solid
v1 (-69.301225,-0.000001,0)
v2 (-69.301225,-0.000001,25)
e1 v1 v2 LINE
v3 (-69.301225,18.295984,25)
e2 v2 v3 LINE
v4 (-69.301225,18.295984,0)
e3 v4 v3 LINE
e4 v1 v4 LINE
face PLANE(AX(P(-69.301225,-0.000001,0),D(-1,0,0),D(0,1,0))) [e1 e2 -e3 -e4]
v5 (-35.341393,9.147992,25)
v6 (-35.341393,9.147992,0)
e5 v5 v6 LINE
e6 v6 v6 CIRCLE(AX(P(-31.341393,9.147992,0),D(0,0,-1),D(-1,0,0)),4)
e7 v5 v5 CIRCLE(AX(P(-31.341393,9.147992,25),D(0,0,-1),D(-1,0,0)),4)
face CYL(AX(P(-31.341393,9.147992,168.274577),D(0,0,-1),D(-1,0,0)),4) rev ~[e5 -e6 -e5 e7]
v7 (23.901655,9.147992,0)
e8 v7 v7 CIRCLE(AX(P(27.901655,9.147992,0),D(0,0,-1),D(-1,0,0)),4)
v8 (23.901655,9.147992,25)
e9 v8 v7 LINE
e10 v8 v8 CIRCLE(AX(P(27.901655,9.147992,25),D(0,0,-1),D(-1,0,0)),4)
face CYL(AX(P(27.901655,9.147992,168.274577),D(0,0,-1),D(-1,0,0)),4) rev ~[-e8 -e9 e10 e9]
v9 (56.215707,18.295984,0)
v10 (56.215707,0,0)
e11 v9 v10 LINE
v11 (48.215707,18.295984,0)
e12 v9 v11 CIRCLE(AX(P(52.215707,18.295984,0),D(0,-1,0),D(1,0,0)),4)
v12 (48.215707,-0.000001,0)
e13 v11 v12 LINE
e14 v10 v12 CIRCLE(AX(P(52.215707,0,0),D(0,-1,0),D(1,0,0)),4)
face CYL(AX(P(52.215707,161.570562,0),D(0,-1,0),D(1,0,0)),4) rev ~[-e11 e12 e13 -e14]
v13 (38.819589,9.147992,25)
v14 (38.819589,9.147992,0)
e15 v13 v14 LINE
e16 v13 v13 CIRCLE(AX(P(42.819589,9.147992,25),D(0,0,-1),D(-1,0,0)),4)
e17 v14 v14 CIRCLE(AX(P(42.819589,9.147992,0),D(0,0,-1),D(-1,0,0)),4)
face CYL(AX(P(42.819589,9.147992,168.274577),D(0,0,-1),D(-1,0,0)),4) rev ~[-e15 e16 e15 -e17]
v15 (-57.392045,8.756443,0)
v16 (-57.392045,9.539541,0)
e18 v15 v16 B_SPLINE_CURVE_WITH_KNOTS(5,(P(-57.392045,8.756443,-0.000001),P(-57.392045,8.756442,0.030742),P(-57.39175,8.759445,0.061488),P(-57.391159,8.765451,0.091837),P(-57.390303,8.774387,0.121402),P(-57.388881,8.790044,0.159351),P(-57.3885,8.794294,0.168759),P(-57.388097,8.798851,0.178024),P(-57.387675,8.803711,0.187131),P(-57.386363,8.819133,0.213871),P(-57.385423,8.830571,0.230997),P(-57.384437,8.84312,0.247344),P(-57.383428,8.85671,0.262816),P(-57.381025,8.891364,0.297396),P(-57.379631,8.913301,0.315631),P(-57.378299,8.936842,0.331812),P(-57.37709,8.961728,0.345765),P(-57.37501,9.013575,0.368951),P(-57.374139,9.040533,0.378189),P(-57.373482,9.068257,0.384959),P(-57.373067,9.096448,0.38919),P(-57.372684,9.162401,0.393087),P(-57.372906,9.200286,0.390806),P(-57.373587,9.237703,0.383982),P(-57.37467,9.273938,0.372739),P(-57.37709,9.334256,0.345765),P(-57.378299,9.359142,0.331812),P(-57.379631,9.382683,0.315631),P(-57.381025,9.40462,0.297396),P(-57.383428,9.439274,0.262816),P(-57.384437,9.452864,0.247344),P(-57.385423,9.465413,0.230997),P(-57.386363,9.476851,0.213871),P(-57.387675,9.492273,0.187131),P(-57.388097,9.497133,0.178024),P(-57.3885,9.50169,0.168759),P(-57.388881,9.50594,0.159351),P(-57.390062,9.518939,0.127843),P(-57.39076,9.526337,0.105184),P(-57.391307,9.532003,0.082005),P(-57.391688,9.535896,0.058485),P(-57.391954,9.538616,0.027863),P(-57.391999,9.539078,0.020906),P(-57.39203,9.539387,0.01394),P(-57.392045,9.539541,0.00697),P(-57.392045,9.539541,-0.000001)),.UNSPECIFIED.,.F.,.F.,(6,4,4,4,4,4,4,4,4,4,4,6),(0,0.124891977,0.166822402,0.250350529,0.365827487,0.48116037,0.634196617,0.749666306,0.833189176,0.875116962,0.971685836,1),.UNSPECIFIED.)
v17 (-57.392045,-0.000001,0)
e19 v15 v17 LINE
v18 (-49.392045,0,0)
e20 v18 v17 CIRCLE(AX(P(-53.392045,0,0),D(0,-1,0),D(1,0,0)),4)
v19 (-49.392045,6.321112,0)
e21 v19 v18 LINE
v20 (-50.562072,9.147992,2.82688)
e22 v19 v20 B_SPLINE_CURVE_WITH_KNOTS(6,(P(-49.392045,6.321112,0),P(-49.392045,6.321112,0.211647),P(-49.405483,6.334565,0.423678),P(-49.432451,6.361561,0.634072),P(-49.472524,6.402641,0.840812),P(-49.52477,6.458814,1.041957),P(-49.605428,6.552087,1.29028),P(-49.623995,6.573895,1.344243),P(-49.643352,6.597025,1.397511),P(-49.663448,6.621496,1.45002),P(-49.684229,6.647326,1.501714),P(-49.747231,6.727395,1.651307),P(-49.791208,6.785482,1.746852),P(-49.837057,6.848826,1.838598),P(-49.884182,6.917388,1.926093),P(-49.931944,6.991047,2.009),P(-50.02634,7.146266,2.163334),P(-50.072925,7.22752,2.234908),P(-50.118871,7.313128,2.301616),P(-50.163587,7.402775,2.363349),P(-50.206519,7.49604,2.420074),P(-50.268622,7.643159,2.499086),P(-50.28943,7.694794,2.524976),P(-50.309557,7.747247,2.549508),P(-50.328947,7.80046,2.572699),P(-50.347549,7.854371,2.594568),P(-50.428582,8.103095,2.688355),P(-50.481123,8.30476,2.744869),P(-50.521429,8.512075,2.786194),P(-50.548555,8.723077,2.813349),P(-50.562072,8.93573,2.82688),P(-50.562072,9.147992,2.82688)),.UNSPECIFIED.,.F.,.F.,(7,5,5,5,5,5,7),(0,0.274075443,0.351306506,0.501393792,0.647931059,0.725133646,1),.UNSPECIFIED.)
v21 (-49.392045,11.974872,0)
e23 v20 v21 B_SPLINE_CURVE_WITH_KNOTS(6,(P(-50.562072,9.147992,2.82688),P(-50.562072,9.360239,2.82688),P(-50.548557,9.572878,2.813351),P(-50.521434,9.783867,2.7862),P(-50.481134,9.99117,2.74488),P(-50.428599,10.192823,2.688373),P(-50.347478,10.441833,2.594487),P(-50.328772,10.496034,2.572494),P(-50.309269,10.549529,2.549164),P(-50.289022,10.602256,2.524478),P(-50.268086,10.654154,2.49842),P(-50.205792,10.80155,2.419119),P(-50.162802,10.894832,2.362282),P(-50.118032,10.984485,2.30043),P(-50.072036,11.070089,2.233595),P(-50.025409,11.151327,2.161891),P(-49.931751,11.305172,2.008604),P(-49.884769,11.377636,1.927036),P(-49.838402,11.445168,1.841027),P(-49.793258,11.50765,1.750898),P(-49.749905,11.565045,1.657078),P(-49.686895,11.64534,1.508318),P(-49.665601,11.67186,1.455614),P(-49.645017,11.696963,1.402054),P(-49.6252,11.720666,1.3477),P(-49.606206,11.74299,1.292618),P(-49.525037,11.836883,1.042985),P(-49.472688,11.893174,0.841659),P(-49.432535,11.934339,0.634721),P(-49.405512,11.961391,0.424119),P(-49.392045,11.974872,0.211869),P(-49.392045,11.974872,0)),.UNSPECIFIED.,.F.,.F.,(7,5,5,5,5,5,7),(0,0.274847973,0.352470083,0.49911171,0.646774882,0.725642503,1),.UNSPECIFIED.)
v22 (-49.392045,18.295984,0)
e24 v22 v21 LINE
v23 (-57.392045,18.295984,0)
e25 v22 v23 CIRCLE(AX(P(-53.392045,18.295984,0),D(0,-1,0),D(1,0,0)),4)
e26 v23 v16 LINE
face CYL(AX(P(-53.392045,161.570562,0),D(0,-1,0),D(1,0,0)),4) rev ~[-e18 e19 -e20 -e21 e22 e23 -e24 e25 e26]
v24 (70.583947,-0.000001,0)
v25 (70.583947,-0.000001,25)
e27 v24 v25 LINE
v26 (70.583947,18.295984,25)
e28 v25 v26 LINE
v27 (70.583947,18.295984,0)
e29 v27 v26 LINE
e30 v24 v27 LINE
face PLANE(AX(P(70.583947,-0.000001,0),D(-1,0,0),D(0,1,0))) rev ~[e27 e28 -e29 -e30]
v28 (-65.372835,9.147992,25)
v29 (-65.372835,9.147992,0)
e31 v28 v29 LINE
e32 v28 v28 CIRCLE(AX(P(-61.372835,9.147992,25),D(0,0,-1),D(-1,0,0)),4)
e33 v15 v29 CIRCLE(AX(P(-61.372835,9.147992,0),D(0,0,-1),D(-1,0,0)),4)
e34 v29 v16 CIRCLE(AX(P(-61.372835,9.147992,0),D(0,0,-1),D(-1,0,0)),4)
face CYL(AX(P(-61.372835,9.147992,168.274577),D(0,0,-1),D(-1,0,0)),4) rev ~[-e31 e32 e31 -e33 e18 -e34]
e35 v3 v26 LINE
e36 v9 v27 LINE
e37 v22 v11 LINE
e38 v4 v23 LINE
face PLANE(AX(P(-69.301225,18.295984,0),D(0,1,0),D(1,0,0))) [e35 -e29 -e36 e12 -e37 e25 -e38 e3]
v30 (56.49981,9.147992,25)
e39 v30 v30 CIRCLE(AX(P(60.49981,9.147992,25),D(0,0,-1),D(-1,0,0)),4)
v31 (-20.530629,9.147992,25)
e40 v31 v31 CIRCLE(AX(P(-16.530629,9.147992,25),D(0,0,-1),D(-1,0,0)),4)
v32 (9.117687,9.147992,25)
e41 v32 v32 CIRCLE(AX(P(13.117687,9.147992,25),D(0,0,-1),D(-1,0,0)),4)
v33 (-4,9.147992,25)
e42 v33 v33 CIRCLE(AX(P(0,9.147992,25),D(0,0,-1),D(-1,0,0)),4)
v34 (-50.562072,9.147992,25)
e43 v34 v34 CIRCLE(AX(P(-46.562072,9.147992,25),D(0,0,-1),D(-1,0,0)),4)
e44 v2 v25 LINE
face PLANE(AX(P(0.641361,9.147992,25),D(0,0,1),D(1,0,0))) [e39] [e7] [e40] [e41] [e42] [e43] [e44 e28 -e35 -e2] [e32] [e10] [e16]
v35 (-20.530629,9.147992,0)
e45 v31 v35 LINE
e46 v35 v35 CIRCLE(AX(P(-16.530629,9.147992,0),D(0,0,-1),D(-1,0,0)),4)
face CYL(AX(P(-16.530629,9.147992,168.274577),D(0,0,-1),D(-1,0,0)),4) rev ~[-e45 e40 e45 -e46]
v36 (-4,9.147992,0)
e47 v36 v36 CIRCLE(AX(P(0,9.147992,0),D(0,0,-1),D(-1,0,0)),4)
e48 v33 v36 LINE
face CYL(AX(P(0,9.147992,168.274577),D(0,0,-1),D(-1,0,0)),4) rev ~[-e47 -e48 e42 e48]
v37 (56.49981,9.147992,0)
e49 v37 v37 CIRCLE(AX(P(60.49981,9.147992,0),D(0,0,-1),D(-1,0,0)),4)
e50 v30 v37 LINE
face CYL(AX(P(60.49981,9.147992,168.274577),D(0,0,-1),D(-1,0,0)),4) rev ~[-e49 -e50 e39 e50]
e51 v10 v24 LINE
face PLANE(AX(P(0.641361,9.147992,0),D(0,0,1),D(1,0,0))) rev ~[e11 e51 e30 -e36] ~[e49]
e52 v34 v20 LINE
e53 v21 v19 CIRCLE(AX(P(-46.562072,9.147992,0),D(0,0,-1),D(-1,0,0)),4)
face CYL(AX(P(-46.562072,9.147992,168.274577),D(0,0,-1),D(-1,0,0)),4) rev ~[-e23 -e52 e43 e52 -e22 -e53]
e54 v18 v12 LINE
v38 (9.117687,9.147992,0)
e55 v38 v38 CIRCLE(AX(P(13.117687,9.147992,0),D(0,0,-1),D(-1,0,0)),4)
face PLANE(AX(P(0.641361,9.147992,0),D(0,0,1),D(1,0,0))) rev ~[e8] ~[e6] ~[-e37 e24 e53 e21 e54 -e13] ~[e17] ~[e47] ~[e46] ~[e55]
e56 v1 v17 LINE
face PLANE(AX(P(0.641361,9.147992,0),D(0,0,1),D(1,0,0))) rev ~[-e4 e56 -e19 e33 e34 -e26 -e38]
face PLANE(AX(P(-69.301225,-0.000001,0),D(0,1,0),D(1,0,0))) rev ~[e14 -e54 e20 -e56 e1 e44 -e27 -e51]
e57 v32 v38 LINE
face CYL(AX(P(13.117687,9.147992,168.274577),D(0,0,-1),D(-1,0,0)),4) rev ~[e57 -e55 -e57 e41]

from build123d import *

# Parameters (mm, degrees)
F0_W     = 139.885172
F0_H     = 18.295985
F1_DEPTH = 25
F3_D     = 8
F5_D     = 8


with BuildPart() as f1:
    # F0 (on Top) → F1 (new body)
    with BuildSketch(Plane.XY):
        with Locations((0.641361, 9.147992)):
            Rectangle(F0_W, F0_H)
    extrude(amount=F1_DEPTH)

    # F3 (through all)
    with Locations(Plane.XY.offset(25)):
        with Locations((-61.372835, 9.147992), (-46.562072, 9.147992), (-31.341393, 9.147992), (-16.530629, 9.147992), (0, 9.147992), (13.117687, 9.147992), (27.901655, 9.147992), (42.819589, 9.147992), (60.49981, 9.147992)):
            Hole(F3_D / 2)

    # F5 (through all)
    with Locations(Plane(origin=(0, 18.295985, 0), x_dir=(-1, 0, 0), z_dir=(0, 1, 0))):
        with Locations((-52.215707, 0), (53.392045, 0)):
            Hole(F5_D / 2)


solid = f1.part
